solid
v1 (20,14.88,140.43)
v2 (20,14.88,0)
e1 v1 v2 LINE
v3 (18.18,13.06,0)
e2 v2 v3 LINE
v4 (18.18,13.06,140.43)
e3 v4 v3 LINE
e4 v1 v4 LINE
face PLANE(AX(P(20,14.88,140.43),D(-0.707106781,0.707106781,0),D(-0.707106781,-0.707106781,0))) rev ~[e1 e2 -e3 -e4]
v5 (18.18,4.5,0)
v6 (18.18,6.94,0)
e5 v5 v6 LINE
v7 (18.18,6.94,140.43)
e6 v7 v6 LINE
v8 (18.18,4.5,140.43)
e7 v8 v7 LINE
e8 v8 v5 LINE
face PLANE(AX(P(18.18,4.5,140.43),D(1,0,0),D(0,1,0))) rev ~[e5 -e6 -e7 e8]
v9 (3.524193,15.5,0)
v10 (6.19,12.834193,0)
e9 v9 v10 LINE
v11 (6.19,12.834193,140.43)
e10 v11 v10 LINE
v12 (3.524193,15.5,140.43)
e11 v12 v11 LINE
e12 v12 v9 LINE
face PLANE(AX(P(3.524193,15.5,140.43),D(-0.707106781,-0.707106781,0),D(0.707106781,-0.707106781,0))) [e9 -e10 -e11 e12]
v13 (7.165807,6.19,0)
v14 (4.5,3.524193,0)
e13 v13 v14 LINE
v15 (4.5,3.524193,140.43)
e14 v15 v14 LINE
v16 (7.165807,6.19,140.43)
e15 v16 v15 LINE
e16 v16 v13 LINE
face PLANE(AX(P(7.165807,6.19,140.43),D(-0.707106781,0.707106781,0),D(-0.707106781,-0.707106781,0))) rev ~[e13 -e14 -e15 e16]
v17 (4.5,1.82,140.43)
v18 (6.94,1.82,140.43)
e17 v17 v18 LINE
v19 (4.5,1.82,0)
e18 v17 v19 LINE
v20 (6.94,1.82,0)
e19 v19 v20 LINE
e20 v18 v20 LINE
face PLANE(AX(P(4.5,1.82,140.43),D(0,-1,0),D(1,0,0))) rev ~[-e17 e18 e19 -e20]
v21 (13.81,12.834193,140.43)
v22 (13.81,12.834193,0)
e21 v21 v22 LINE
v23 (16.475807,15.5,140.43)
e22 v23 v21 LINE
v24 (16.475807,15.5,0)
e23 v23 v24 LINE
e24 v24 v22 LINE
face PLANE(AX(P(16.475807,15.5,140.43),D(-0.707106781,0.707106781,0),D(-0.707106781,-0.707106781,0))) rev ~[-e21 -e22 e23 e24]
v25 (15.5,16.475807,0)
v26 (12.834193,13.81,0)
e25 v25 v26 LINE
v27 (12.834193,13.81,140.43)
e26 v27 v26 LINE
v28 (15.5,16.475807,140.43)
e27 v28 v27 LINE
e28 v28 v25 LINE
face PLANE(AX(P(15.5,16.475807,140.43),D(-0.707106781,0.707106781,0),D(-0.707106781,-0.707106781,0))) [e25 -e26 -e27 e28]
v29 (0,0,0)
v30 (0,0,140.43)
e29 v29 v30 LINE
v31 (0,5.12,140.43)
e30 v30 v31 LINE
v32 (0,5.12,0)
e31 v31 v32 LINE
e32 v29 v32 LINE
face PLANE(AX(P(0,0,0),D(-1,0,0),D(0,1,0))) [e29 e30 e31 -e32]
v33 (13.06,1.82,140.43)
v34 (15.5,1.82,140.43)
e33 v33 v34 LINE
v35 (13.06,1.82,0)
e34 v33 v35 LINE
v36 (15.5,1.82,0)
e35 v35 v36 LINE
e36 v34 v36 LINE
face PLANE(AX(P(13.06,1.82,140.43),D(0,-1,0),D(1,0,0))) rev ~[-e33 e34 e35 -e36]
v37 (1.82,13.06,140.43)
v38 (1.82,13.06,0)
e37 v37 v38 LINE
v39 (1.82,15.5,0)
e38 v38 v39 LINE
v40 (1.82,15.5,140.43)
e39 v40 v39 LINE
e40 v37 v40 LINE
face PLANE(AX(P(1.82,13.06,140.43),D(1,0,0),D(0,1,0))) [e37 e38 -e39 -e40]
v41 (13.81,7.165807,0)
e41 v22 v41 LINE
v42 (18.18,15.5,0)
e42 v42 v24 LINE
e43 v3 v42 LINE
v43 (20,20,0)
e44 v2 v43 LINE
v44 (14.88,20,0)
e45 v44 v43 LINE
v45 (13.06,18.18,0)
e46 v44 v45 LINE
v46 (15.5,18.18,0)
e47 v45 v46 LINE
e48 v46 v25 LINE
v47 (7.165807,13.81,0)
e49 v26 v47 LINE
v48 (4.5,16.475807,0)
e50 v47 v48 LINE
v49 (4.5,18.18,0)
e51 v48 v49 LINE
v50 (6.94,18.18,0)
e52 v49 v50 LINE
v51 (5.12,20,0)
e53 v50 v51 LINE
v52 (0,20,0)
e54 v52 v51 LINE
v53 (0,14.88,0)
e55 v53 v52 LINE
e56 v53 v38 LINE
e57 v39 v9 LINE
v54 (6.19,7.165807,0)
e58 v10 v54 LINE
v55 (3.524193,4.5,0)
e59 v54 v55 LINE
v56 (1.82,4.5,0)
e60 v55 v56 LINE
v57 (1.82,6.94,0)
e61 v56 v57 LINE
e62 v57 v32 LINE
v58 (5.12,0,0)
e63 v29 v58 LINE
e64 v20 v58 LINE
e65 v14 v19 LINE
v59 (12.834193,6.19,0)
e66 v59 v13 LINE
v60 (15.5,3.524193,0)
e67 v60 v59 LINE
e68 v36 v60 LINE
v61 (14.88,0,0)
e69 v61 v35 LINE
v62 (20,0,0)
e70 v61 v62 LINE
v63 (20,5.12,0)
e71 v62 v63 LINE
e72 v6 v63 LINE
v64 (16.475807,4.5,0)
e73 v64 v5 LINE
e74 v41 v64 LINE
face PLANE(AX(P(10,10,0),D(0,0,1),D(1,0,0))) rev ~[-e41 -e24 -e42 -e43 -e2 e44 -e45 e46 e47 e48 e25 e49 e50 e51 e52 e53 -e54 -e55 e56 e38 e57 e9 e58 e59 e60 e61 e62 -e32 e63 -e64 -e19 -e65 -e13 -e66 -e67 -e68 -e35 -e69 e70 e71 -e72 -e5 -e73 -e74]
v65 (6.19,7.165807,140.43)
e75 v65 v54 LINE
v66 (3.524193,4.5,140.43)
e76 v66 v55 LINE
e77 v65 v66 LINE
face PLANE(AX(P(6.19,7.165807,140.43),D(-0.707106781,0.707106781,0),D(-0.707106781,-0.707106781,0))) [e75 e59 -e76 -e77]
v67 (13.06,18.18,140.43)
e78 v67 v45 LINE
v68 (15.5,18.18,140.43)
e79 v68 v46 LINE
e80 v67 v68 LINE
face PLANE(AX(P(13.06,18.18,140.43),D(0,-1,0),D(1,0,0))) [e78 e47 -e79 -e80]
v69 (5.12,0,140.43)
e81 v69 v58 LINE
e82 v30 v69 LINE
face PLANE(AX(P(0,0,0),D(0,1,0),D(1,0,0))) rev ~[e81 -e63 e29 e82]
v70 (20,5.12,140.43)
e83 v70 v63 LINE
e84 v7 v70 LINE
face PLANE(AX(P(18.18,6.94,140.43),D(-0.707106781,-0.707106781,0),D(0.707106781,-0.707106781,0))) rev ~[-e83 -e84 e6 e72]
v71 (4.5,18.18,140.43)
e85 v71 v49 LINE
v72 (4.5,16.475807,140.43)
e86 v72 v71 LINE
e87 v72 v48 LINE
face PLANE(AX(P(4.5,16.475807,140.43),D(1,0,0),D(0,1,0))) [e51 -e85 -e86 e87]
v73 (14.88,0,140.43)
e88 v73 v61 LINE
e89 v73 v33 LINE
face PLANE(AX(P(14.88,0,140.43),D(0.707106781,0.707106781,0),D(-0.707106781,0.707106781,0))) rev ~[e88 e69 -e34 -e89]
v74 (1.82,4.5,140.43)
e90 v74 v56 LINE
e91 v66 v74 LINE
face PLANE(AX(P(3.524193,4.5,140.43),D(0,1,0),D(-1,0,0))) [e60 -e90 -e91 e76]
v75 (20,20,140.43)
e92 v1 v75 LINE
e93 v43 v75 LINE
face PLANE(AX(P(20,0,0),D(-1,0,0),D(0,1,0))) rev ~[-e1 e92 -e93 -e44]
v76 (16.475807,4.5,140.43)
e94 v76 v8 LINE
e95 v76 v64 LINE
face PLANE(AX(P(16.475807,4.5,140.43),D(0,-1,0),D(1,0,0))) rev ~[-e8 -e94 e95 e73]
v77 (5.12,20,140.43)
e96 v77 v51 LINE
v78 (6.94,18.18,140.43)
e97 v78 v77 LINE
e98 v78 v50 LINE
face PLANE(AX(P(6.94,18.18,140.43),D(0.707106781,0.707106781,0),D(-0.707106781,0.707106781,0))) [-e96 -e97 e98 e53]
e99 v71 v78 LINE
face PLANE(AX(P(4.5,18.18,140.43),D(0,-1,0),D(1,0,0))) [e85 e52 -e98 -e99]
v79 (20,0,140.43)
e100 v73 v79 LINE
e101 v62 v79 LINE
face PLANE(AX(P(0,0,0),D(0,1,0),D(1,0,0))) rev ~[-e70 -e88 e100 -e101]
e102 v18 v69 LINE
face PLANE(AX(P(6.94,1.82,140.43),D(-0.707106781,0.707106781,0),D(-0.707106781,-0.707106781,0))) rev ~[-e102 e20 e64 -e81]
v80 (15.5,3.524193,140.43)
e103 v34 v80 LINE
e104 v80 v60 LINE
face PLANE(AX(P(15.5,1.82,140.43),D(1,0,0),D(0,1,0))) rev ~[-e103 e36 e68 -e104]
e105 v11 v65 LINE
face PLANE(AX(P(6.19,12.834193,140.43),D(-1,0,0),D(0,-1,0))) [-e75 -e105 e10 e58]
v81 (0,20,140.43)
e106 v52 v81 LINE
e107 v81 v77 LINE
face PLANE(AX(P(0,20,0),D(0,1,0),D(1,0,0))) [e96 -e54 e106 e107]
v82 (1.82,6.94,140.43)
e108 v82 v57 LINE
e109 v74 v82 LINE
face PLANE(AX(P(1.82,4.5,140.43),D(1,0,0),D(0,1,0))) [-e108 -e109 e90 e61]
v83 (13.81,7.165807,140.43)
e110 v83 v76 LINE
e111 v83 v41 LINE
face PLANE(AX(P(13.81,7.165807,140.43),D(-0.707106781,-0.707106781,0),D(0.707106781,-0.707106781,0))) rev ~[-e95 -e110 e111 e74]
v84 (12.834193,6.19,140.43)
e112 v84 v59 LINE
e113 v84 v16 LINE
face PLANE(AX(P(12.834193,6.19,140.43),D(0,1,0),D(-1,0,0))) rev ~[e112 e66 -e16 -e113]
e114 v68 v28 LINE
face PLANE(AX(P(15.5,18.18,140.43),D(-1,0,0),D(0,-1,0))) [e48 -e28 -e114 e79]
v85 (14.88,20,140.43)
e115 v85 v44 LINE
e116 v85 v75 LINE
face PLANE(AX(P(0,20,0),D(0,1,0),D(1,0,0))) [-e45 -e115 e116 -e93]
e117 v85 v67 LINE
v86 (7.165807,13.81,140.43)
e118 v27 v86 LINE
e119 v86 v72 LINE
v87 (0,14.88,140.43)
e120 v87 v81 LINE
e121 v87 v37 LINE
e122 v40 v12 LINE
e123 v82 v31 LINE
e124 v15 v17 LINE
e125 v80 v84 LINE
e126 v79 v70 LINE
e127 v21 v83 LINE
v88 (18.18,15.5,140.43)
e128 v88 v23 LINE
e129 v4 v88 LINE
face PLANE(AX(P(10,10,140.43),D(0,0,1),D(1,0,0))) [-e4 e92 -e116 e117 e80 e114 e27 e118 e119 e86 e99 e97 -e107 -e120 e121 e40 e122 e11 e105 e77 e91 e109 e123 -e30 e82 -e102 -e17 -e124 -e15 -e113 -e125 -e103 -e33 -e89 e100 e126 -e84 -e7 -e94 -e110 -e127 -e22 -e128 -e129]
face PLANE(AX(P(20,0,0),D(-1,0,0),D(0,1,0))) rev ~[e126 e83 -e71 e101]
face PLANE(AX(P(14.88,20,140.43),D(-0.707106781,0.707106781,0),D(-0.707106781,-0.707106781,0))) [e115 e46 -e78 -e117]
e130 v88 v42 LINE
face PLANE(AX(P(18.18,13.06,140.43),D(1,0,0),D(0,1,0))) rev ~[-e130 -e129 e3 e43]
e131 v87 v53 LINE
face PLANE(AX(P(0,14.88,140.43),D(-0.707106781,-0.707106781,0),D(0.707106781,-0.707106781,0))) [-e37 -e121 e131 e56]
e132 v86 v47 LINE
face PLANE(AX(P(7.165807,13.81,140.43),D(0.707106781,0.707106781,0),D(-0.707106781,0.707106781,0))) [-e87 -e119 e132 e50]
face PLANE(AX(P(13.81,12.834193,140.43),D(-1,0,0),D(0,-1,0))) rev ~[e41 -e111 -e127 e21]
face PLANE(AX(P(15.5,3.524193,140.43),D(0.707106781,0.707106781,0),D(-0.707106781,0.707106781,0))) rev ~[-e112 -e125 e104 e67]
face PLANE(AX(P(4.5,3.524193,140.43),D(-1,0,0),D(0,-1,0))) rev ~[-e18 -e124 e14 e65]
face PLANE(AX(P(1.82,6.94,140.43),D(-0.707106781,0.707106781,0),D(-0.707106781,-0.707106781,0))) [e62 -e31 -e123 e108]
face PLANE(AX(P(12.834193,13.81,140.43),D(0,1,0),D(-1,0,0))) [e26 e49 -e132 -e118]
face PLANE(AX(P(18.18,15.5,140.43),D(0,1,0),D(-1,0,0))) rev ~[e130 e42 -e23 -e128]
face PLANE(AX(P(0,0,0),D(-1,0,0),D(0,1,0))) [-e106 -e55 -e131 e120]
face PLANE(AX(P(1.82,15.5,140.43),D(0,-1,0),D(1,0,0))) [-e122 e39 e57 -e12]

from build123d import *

# Parameters (mm, degrees)
SKETCH1_W           = 20
SKETCH1_H           = 20
BOSS_EXTRUDE1_DEPTH = 140.43
CUT_EXTRUDE1_DEPTH  = 141.43


with BuildPart() as part:
    # Sketch1 → Boss-Extrude1 (new body)
    with BuildSketch(Plane.XY):
        with Locations((10, 10)):
            Rectangle(SKETCH1_W, SKETCH1_H)
    extrude(amount=BOSS_EXTRUDE1_DEPTH)

    # Sketch2 → Cut-Extrude1 (cut, through all)
    with BuildSketch(Plane.XY.offset(140.43)):
        Polygon((4.5, 18.18), (6.94, 18.18), (5.12, 20), (14.88, 20), (13.06, 18.18), (15.5, 18.18), (15.5, 16.475807358), (12.834192642, 13.81), (7.165807358, 13.81), (4.5, 16.475807358), align=None)
        Polygon((14.88, 0), (13.06, 1.82), (15.5, 1.82), (15.5, 3.524192642), (12.834192642, 6.19), (7.165807358, 6.19), (4.5, 3.524192642), (4.5, 1.82), (6.94, 1.82), (5.12, 0), align=None)
        Polygon((1.82, 4.5), (1.82, 6.94), (0, 5.12), (0, 14.88), (1.82, 13.06), (1.82, 15.5), (3.524192642, 15.5), (6.19, 12.834192642), (6.19, 7.165807358), (3.524192642, 4.5), align=None)
        Polygon((20, 14.88), (18.18, 13.06), (18.18, 15.5), (16.475807358, 15.5), (13.81, 12.834192642), (13.81, 7.165807358), (16.475807358, 4.5), (18.18, 4.5), (18.18, 6.94), (20, 5.12), align=None)
    extrude(amount=-CUT_EXTRUDE1_DEPTH, mode=Mode.SUBTRACT)


solid = part.part
